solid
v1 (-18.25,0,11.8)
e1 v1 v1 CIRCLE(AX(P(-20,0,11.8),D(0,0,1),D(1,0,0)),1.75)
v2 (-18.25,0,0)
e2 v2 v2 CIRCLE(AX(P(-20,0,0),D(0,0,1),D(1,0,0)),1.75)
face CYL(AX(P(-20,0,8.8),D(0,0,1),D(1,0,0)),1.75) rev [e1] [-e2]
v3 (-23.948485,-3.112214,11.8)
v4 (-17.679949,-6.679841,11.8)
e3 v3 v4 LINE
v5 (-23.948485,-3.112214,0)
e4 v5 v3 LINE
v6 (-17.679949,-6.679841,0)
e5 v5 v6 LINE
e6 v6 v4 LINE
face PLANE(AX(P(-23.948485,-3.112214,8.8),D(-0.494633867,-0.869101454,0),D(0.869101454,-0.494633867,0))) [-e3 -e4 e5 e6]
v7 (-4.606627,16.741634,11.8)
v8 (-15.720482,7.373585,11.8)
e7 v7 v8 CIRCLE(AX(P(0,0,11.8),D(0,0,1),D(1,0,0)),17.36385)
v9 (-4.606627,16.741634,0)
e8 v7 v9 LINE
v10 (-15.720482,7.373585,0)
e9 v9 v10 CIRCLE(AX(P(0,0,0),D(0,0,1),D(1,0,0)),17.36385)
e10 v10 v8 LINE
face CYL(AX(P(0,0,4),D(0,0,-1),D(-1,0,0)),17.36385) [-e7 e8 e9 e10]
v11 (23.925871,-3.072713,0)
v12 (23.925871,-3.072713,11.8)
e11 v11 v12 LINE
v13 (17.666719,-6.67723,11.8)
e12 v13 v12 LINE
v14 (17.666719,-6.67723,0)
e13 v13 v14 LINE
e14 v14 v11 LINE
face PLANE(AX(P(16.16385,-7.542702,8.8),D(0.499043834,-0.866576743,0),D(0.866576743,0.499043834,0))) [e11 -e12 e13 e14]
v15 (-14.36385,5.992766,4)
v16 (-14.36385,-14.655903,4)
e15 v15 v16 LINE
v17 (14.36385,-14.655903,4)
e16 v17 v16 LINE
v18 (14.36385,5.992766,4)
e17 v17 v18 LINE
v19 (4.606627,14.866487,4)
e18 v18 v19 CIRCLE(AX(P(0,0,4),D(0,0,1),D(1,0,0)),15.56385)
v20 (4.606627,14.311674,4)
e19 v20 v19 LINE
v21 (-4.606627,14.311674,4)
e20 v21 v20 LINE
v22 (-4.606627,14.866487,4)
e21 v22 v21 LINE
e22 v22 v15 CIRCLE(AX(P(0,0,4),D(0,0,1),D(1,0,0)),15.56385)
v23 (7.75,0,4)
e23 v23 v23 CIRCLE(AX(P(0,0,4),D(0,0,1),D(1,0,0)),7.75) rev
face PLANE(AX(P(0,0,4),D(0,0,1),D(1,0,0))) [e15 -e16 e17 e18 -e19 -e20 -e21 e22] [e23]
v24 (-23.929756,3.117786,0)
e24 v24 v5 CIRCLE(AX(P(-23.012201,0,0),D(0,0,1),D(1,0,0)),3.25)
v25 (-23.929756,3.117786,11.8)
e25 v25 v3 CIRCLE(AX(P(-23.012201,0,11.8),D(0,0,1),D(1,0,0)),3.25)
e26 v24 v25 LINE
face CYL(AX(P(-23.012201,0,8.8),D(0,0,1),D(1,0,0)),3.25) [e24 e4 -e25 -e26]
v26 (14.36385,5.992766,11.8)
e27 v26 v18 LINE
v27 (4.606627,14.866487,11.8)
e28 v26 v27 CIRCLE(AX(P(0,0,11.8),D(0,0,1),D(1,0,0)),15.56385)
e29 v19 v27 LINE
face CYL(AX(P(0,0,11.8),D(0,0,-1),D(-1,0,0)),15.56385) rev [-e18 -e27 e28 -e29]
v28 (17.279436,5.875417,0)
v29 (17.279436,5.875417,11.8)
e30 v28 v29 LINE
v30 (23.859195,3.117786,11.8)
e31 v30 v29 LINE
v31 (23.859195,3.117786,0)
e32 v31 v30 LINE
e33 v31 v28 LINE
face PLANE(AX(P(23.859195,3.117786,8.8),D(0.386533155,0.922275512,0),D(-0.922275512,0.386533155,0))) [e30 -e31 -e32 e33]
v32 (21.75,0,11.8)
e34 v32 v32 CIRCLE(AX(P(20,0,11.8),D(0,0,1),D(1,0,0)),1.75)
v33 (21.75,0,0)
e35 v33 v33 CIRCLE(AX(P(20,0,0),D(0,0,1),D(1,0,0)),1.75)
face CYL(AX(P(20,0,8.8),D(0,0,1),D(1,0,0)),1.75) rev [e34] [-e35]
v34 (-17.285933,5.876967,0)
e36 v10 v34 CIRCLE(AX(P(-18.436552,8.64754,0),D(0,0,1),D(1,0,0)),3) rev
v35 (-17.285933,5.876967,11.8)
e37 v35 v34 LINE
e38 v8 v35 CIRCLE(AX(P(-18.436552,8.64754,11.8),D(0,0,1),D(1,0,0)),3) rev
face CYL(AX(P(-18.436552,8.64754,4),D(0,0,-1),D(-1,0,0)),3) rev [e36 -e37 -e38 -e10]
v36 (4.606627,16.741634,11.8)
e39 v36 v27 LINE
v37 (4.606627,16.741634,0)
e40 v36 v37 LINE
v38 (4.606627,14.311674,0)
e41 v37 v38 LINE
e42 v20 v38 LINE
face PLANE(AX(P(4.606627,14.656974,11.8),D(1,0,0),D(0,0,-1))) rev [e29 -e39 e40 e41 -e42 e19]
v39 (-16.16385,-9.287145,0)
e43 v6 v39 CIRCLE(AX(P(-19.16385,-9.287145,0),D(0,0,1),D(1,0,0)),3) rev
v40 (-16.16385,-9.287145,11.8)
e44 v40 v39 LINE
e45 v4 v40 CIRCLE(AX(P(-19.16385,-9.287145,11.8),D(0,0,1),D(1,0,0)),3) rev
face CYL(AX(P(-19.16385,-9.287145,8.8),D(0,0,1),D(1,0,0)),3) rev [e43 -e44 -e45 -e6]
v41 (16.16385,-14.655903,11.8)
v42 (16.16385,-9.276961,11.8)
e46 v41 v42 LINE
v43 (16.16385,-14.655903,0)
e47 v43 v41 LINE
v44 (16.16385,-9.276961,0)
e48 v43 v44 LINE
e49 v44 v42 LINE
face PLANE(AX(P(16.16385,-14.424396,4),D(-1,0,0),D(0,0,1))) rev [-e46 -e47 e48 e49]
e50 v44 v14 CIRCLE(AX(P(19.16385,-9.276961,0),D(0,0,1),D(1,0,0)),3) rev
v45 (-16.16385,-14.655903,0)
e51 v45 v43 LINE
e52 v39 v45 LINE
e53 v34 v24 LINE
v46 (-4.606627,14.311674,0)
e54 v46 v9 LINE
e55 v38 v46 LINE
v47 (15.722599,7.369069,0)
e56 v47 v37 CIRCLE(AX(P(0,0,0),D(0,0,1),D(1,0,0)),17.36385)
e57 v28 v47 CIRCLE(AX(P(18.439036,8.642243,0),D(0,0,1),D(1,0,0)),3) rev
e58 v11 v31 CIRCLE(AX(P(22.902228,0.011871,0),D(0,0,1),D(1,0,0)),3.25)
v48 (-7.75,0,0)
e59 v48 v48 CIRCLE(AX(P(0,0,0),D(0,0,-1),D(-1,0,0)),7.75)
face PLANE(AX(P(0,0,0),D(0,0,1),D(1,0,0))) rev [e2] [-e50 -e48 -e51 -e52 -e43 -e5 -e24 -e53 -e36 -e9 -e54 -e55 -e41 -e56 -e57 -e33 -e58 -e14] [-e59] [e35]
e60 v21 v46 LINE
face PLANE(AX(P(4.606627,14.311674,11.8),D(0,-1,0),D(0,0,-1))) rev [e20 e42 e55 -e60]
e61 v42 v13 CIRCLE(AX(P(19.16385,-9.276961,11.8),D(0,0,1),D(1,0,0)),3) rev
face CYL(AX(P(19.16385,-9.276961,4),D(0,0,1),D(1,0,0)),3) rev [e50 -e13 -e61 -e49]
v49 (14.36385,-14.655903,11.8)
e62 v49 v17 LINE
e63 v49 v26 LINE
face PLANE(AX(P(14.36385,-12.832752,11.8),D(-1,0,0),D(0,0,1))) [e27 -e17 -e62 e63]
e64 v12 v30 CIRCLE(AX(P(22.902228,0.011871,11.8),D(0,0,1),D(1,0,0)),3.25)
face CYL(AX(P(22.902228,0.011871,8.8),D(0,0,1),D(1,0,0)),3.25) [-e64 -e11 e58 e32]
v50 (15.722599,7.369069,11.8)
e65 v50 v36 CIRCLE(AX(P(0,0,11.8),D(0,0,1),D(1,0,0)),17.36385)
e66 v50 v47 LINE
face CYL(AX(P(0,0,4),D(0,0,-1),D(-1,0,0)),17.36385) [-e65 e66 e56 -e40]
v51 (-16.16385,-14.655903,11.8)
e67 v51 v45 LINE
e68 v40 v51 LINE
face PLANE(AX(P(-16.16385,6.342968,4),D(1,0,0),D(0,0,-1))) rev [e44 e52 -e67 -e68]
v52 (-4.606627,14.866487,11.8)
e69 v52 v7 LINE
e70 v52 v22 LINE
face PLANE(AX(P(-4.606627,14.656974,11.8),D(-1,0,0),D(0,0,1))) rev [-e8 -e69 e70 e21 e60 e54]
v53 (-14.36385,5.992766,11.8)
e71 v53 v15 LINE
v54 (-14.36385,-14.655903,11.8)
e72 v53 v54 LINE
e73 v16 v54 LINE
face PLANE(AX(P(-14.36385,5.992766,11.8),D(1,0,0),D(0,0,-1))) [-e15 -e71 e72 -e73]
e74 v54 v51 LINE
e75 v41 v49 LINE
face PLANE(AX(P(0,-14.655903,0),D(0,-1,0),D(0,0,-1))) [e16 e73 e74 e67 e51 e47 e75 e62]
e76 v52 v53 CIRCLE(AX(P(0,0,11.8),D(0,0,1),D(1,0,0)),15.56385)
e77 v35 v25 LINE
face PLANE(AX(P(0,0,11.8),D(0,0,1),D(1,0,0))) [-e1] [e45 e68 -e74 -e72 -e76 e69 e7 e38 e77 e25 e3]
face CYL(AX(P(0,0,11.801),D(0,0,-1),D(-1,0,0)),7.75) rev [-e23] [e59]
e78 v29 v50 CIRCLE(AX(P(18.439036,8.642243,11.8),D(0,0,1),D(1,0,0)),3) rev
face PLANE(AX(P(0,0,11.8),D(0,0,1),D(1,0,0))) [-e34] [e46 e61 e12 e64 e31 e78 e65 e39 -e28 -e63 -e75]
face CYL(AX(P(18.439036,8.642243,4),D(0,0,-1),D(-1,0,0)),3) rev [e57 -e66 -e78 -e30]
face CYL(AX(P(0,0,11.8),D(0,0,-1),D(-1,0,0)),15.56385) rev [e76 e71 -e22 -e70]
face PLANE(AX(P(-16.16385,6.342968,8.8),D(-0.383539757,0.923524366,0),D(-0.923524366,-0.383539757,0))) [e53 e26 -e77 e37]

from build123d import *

# Parameters (mm, degrees)
BOSS_EXTRUDE1_DEPTH = 4
BOSS_EXTRUDE2_DEPTH = 7.8
SKETCH4_W           = 33.781239108
SKETCH4_H           = 10.810531084
CUT_EXTRUDE1_DEPTH  = 28.88035773
SKETCH6_R           = 1.75
BOSS_EXTRUDE3_DEPTH = 3
FILLET1_R           = 3
CUT_EXTRUDE2_REACH  = 35.305
SKETCH7_R           = 7.75
SKETCH8_R           = 1.75
BOSS_EXTRUDE4_DEPTH = 8.8
BOSS_EXTRUDE5_DEPTH = 2


with BuildPart() as part:
    # Sketch2 → Boss-Extrude1 (new body)
    with BuildSketch(Plane.XY):
        with BuildLine():
            Line((3.481334242, 16.311673717), (-3.481334242, 16.311673717))
            Line((-3.481334242, 16.311673717), (-4.292170887, 16.824998456))
            ThreePointArc((-4.292170887, 16.824998456), (-11.492625639, 13.016253681), (-16.163850494, 6.342967853))
            Line((-16.163850494, 6.342967853), (-16.163850494, -14.391495343))
            Line((-16.163850494, -14.391495343), (-14.353897969, -14.640433541))
            Line((-14.353897969, -14.640433541), (-10.527602773, -17.523753782))
            Line((-10.527602773, -17.523753782), (-10.527602773, -19.404011272))
            Line((-10.527602773, -19.404011272), (-5.007128349, -19.404011272))
            Line((-5.007128349, -19.404011272), (-5.007128349, -17.507596758))
            Line((-5.007128349, -17.507596758), (5, -17.507596758))
            Line((5, -17.507596758), (5, -19.411447251))
            Line((5, -19.411447251), (10.467237067, -19.411447251))
            Line((10.467237067, -19.411447251), (10.467237067, -17.567178369))
            Line((10.467237067, -17.567178369), (14.33922382, -14.64942707))
            Line((14.33922382, -14.64942707), (16.163850494, -14.424396197))
            Line((16.163850494, -14.424396197), (16.163850494, 6.342967853))
            ThreePointArc((16.163850494, 6.342967853), (11.492625639, 13.016253681), (4.292170887, 16.824998456))
            Line((4.292170887, 16.824998456), (3.481334242, 16.311673717))
        make_face()
    extrude(amount=BOSS_EXTRUDE1_DEPTH)

    # Sketch3 → Boss-Extrude2 (add)
    with BuildSketch(Plane.XY.offset(4)):
        with BuildLine():
            Line((4.292170887, 16.824998456), (3.481334242, 16.311673717))
            Line((3.481334242, 16.311673717), (-3.481334242, 16.311673717))
            Line((-3.481334242, 16.311673717), (-4.292170887, 16.824998456))
            ThreePointArc((-4.292170887, 16.824998456), (-11.492625639, 13.016253681), (-16.163850494, 6.342967853))
            Line((-16.163850494, 6.342967853), (-16.163850494, -14.391495343))
            Line((-16.163850494, -14.391495343), (-14.353897969, -14.640433541))
            Line((-14.353897969, -14.640433541), (-10.527602773, -17.523753782))
            Line((-10.527602773, -17.523753782), (-10.527602773, -19.404011272))
            Line((-10.527602773, -19.404011272), (-5.007128349, -19.404011272))
            Line((-5.007128349, -19.404011272), (-5.007128349, -17.507596758))
            Line((-5.007128349, -17.507596758), (5, -17.507596758))
            Line((5, -17.507596758), (5, -19.411447251))
            Line((5, -19.411447251), (10.467237067, -19.411447251))
            Line((10.467237067, -19.411447251), (10.467237067, -17.567178369))
            Line((10.467237067, -17.567178369), (14.33922382, -14.64942707))
            Line((14.33922382, -14.64942707), (16.163850494, -14.424396197))
            Line((16.163850494, -14.424396197), (16.163850494, 6.342967853))
            ThreePointArc((16.163850494, 6.342967853), (11.492625639, 13.016253681), (4.292170887, 16.824998456))
        make_face()
        with BuildLine():
            Line((4.003211271, 14.511673717), (-4.003211271, 14.511673717))
            Line((-4.003211271, 14.511673717), (-4.577751285, 14.875403704))
            ThreePointArc((-4.577751285, 14.875403704), (-10.460467666, 11.524411412), (-14.363850494, 5.992765737))
            Line((-14.363850494, 5.992765737), (-14.363850494, -12.822119288))
            Line((-14.363850494, -12.822119288), (-13.644664568, -12.921035058))
            Line((-13.644664568, -12.921035058), (-8.727602773, -16.626306888))
            Line((-8.727602773, -16.626306888), (-8.727602773, -17.604011272))
            Line((-8.727602773, -17.604011272), (-6.807128349, -17.604011272))
            Line((-6.807128349, -17.604011272), (-6.807128349, -15.707596758))
            Line((-6.807128349, -15.707596758), (6.8, -15.707596758))
            Line((6.8, -15.707596758), (6.8, -17.611447251))
            Line((6.8, -17.611447251), (8.667237067, -17.611447251))
            Line((8.667237067, -17.611447251), (8.667237067, -16.669731475))
            Line((8.667237067, -16.669731475), (13.640731753, -12.921934411))
            Line((13.640731753, -12.921934411), (14.363850494, -12.832752309))
            Line((14.363850494, -12.832752309), (14.363850494, 5.992765737))
            ThreePointArc((14.363850494, 5.992765737), (10.460467666, 11.524411412), (4.577751285, 14.875403704))
            Line((4.577751285, 14.875403704), (4.003211271, 14.511673717))
        make_face(mode=Mode.SUBTRACT)
    extrude(amount=BOSS_EXTRUDE2_DEPTH)

    # Sketch4 → Cut-Extrude1 (cut, through all)
    with BuildSketch(Plane(origin=(0, 0, 0), x_dir=(-1, 0, 0), z_dir=(0, 0, -1))):
        Polygon((-4.606626741, 14.656974178), (-4.606626741, 16.741633553), (-2.485703279, 20.488617531), (2.721605339, 20.671050509), (4.606626741, 16.741633553), (4.606626741, 14.656974178), (4.606626741, 14.311673717), (-4.606626741, 14.311673717), align=None)
        with Locations((0.72676906, -18.06116853)):
            Rectangle(SKETCH4_W, SKETCH4_H)
    extrude(amount=-CUT_EXTRUDE1_DEPTH, mode=Mode.SUBTRACT)

    # Sketch6 → Boss-Extrude3 (add)
    with BuildSketch(Plane.XY.offset(11.8)):
        with BuildLine():
            Line((-16.163850494, -7.542701658), (-16.163850494, 6.342967853))
            Line((-16.163850494, 6.342967853), (-23.929756214, 3.11778647))
            ThreePointArc((-23.929756214, 3.11778647), (-26.262186338, 0.009769983), (-23.948484604, -3.11221353))
            Line((-23.948484604, -3.11221353), (-16.163850494, -7.542701658))
        make_face()
        with Locations((-20, 0)):
            Circle(SKETCH6_R, mode=Mode.SUBTRACT)
        with BuildLine():
            Line((16.163850494, -7.542701658), (16.163850494, 6.342967853))
            Line((16.163850494, 6.342967853), (23.859195057, 3.11778647))
            ThreePointArc((23.859195057, 3.11778647), (26.152039317, 0.046872999), (23.925870502, -3.072712992))
            Line((23.925870502, -3.072712992), (16.163850494, -7.542701658))
        make_face()
        with Locations((20, 0)):
            Circle(SKETCH6_R, mode=Mode.SUBTRACT)
    extrude(amount=-BOSS_EXTRUDE3_DEPTH)

    # Fillet1
    fillet1_edges = [part.edges().sort_by_distance(p)[0] for p in [
        (16.163850494, -7.542701658, 10.3),
        (-16.163850494, -7.542701658, 10.3),
        (16.163850494, 6.342967853, 10.3),
        (-16.163850494, 6.342967853, 10.3),
    ]]
    fillet(fillet1_edges, radius=FILLET1_R)

    # Sketch7 → Cut-Extrude2 (cut, up to next)
    with BuildSketch(Plane(origin=(0, 0, 0), x_dir=(-1, 0, 0), z_dir=(0, 0, -1)), mode=Mode.PRIVATE) as cut_extrude2_sk1:
        Circle(SKETCH7_R)
    cut_extrude2_tool1 = extrude(cut_extrude2_sk1.sketch, amount=-CUT_EXTRUDE2_REACH, mode=Mode.PRIVATE) & part.part
    add(cut_extrude2_tool1.solids().sort_by_distance((0, 0, 0))[0], mode=Mode.SUBTRACT)

    # Sketch8 → Boss-Extrude4 (add)
    with BuildSketch(Plane(origin=(0, 0, 8.8), x_dir=(-1, 0, 0), z_dir=(0, 0, -1))):
        with BuildLine():
            Line((-17.279436212, 5.875416821), (-23.859195057, 3.11778647))
            ThreePointArc((-23.859195057, 3.11778647), (-26.152039317, 0.046872999), (-23.925870502, -3.072712992))
            Line((-23.925870502, -3.072712992), (-17.666718993, -6.677230408))
            ThreePointArc((-17.666718993, -6.677230408), (-16.566602479, -7.775527074), (-16.163850494, -9.276960639))
            Line((-16.163850494, -9.276960639), (-16.163850494, 6.342967853))
            ThreePointArc((-16.163850494, 6.342967853), (-15.951477639, 6.859567413), (-15.722599163, 7.369069108))
            ThreePointArc((-15.722599163, 7.369069108), (-16.362099709, 6.477448451), (-17.279436212, 5.875416821))
        make_face()
        with Locations(Location((-20, 0, 0), (0, 0, 180))):
            Circle(SKETCH8_R, mode=Mode.SUBTRACT)
        with BuildLine():
            Line((17.679948892, -6.679840815), (23.948484604, -3.11221353))
            ThreePointArc((23.948484604, -3.11221353), (26.262186338, 0.009769983), (23.929756214, 3.11778647))
            Line((23.929756214, 3.11778647), (17.285932986, 5.876966887))
            ThreePointArc((17.285932986, 5.876966887), (16.363441184, 6.479081897), (15.720481601, 7.373585437))
            ThreePointArc((15.720481601, 7.373585437), (15.9504922, 6.861858534), (16.163850494, 6.342967853))
            Line((16.163850494, 6.342967853), (16.163850494, -9.287145177))
            ThreePointArc((16.163850494, -9.287145177), (16.570425653, -7.779117459), (17.679948892, -6.679840815))
        make_face()
        with Locations(Location((20, 0, 0), (0, 0, 180))):
            Circle(SKETCH8_R, mode=Mode.SUBTRACT)
    extrude(amount=BOSS_EXTRUDE4_DEPTH)

    # Sketch9 → Boss-Extrude5 (add)
    with BuildSketch(Plane.XZ.offset(12.655902988)):
        Polygon((-16.163850494, 0), (16.163850494, 0), (16.163850494, 11.8), (14.363850494, 11.8), (14.363850494, 4), (-14.363850494, 4), (-14.363850494, 11.8), (-16.163850494, 11.8), align=None)
    extrude(amount=BOSS_EXTRUDE5_DEPTH)


solid = part.part
